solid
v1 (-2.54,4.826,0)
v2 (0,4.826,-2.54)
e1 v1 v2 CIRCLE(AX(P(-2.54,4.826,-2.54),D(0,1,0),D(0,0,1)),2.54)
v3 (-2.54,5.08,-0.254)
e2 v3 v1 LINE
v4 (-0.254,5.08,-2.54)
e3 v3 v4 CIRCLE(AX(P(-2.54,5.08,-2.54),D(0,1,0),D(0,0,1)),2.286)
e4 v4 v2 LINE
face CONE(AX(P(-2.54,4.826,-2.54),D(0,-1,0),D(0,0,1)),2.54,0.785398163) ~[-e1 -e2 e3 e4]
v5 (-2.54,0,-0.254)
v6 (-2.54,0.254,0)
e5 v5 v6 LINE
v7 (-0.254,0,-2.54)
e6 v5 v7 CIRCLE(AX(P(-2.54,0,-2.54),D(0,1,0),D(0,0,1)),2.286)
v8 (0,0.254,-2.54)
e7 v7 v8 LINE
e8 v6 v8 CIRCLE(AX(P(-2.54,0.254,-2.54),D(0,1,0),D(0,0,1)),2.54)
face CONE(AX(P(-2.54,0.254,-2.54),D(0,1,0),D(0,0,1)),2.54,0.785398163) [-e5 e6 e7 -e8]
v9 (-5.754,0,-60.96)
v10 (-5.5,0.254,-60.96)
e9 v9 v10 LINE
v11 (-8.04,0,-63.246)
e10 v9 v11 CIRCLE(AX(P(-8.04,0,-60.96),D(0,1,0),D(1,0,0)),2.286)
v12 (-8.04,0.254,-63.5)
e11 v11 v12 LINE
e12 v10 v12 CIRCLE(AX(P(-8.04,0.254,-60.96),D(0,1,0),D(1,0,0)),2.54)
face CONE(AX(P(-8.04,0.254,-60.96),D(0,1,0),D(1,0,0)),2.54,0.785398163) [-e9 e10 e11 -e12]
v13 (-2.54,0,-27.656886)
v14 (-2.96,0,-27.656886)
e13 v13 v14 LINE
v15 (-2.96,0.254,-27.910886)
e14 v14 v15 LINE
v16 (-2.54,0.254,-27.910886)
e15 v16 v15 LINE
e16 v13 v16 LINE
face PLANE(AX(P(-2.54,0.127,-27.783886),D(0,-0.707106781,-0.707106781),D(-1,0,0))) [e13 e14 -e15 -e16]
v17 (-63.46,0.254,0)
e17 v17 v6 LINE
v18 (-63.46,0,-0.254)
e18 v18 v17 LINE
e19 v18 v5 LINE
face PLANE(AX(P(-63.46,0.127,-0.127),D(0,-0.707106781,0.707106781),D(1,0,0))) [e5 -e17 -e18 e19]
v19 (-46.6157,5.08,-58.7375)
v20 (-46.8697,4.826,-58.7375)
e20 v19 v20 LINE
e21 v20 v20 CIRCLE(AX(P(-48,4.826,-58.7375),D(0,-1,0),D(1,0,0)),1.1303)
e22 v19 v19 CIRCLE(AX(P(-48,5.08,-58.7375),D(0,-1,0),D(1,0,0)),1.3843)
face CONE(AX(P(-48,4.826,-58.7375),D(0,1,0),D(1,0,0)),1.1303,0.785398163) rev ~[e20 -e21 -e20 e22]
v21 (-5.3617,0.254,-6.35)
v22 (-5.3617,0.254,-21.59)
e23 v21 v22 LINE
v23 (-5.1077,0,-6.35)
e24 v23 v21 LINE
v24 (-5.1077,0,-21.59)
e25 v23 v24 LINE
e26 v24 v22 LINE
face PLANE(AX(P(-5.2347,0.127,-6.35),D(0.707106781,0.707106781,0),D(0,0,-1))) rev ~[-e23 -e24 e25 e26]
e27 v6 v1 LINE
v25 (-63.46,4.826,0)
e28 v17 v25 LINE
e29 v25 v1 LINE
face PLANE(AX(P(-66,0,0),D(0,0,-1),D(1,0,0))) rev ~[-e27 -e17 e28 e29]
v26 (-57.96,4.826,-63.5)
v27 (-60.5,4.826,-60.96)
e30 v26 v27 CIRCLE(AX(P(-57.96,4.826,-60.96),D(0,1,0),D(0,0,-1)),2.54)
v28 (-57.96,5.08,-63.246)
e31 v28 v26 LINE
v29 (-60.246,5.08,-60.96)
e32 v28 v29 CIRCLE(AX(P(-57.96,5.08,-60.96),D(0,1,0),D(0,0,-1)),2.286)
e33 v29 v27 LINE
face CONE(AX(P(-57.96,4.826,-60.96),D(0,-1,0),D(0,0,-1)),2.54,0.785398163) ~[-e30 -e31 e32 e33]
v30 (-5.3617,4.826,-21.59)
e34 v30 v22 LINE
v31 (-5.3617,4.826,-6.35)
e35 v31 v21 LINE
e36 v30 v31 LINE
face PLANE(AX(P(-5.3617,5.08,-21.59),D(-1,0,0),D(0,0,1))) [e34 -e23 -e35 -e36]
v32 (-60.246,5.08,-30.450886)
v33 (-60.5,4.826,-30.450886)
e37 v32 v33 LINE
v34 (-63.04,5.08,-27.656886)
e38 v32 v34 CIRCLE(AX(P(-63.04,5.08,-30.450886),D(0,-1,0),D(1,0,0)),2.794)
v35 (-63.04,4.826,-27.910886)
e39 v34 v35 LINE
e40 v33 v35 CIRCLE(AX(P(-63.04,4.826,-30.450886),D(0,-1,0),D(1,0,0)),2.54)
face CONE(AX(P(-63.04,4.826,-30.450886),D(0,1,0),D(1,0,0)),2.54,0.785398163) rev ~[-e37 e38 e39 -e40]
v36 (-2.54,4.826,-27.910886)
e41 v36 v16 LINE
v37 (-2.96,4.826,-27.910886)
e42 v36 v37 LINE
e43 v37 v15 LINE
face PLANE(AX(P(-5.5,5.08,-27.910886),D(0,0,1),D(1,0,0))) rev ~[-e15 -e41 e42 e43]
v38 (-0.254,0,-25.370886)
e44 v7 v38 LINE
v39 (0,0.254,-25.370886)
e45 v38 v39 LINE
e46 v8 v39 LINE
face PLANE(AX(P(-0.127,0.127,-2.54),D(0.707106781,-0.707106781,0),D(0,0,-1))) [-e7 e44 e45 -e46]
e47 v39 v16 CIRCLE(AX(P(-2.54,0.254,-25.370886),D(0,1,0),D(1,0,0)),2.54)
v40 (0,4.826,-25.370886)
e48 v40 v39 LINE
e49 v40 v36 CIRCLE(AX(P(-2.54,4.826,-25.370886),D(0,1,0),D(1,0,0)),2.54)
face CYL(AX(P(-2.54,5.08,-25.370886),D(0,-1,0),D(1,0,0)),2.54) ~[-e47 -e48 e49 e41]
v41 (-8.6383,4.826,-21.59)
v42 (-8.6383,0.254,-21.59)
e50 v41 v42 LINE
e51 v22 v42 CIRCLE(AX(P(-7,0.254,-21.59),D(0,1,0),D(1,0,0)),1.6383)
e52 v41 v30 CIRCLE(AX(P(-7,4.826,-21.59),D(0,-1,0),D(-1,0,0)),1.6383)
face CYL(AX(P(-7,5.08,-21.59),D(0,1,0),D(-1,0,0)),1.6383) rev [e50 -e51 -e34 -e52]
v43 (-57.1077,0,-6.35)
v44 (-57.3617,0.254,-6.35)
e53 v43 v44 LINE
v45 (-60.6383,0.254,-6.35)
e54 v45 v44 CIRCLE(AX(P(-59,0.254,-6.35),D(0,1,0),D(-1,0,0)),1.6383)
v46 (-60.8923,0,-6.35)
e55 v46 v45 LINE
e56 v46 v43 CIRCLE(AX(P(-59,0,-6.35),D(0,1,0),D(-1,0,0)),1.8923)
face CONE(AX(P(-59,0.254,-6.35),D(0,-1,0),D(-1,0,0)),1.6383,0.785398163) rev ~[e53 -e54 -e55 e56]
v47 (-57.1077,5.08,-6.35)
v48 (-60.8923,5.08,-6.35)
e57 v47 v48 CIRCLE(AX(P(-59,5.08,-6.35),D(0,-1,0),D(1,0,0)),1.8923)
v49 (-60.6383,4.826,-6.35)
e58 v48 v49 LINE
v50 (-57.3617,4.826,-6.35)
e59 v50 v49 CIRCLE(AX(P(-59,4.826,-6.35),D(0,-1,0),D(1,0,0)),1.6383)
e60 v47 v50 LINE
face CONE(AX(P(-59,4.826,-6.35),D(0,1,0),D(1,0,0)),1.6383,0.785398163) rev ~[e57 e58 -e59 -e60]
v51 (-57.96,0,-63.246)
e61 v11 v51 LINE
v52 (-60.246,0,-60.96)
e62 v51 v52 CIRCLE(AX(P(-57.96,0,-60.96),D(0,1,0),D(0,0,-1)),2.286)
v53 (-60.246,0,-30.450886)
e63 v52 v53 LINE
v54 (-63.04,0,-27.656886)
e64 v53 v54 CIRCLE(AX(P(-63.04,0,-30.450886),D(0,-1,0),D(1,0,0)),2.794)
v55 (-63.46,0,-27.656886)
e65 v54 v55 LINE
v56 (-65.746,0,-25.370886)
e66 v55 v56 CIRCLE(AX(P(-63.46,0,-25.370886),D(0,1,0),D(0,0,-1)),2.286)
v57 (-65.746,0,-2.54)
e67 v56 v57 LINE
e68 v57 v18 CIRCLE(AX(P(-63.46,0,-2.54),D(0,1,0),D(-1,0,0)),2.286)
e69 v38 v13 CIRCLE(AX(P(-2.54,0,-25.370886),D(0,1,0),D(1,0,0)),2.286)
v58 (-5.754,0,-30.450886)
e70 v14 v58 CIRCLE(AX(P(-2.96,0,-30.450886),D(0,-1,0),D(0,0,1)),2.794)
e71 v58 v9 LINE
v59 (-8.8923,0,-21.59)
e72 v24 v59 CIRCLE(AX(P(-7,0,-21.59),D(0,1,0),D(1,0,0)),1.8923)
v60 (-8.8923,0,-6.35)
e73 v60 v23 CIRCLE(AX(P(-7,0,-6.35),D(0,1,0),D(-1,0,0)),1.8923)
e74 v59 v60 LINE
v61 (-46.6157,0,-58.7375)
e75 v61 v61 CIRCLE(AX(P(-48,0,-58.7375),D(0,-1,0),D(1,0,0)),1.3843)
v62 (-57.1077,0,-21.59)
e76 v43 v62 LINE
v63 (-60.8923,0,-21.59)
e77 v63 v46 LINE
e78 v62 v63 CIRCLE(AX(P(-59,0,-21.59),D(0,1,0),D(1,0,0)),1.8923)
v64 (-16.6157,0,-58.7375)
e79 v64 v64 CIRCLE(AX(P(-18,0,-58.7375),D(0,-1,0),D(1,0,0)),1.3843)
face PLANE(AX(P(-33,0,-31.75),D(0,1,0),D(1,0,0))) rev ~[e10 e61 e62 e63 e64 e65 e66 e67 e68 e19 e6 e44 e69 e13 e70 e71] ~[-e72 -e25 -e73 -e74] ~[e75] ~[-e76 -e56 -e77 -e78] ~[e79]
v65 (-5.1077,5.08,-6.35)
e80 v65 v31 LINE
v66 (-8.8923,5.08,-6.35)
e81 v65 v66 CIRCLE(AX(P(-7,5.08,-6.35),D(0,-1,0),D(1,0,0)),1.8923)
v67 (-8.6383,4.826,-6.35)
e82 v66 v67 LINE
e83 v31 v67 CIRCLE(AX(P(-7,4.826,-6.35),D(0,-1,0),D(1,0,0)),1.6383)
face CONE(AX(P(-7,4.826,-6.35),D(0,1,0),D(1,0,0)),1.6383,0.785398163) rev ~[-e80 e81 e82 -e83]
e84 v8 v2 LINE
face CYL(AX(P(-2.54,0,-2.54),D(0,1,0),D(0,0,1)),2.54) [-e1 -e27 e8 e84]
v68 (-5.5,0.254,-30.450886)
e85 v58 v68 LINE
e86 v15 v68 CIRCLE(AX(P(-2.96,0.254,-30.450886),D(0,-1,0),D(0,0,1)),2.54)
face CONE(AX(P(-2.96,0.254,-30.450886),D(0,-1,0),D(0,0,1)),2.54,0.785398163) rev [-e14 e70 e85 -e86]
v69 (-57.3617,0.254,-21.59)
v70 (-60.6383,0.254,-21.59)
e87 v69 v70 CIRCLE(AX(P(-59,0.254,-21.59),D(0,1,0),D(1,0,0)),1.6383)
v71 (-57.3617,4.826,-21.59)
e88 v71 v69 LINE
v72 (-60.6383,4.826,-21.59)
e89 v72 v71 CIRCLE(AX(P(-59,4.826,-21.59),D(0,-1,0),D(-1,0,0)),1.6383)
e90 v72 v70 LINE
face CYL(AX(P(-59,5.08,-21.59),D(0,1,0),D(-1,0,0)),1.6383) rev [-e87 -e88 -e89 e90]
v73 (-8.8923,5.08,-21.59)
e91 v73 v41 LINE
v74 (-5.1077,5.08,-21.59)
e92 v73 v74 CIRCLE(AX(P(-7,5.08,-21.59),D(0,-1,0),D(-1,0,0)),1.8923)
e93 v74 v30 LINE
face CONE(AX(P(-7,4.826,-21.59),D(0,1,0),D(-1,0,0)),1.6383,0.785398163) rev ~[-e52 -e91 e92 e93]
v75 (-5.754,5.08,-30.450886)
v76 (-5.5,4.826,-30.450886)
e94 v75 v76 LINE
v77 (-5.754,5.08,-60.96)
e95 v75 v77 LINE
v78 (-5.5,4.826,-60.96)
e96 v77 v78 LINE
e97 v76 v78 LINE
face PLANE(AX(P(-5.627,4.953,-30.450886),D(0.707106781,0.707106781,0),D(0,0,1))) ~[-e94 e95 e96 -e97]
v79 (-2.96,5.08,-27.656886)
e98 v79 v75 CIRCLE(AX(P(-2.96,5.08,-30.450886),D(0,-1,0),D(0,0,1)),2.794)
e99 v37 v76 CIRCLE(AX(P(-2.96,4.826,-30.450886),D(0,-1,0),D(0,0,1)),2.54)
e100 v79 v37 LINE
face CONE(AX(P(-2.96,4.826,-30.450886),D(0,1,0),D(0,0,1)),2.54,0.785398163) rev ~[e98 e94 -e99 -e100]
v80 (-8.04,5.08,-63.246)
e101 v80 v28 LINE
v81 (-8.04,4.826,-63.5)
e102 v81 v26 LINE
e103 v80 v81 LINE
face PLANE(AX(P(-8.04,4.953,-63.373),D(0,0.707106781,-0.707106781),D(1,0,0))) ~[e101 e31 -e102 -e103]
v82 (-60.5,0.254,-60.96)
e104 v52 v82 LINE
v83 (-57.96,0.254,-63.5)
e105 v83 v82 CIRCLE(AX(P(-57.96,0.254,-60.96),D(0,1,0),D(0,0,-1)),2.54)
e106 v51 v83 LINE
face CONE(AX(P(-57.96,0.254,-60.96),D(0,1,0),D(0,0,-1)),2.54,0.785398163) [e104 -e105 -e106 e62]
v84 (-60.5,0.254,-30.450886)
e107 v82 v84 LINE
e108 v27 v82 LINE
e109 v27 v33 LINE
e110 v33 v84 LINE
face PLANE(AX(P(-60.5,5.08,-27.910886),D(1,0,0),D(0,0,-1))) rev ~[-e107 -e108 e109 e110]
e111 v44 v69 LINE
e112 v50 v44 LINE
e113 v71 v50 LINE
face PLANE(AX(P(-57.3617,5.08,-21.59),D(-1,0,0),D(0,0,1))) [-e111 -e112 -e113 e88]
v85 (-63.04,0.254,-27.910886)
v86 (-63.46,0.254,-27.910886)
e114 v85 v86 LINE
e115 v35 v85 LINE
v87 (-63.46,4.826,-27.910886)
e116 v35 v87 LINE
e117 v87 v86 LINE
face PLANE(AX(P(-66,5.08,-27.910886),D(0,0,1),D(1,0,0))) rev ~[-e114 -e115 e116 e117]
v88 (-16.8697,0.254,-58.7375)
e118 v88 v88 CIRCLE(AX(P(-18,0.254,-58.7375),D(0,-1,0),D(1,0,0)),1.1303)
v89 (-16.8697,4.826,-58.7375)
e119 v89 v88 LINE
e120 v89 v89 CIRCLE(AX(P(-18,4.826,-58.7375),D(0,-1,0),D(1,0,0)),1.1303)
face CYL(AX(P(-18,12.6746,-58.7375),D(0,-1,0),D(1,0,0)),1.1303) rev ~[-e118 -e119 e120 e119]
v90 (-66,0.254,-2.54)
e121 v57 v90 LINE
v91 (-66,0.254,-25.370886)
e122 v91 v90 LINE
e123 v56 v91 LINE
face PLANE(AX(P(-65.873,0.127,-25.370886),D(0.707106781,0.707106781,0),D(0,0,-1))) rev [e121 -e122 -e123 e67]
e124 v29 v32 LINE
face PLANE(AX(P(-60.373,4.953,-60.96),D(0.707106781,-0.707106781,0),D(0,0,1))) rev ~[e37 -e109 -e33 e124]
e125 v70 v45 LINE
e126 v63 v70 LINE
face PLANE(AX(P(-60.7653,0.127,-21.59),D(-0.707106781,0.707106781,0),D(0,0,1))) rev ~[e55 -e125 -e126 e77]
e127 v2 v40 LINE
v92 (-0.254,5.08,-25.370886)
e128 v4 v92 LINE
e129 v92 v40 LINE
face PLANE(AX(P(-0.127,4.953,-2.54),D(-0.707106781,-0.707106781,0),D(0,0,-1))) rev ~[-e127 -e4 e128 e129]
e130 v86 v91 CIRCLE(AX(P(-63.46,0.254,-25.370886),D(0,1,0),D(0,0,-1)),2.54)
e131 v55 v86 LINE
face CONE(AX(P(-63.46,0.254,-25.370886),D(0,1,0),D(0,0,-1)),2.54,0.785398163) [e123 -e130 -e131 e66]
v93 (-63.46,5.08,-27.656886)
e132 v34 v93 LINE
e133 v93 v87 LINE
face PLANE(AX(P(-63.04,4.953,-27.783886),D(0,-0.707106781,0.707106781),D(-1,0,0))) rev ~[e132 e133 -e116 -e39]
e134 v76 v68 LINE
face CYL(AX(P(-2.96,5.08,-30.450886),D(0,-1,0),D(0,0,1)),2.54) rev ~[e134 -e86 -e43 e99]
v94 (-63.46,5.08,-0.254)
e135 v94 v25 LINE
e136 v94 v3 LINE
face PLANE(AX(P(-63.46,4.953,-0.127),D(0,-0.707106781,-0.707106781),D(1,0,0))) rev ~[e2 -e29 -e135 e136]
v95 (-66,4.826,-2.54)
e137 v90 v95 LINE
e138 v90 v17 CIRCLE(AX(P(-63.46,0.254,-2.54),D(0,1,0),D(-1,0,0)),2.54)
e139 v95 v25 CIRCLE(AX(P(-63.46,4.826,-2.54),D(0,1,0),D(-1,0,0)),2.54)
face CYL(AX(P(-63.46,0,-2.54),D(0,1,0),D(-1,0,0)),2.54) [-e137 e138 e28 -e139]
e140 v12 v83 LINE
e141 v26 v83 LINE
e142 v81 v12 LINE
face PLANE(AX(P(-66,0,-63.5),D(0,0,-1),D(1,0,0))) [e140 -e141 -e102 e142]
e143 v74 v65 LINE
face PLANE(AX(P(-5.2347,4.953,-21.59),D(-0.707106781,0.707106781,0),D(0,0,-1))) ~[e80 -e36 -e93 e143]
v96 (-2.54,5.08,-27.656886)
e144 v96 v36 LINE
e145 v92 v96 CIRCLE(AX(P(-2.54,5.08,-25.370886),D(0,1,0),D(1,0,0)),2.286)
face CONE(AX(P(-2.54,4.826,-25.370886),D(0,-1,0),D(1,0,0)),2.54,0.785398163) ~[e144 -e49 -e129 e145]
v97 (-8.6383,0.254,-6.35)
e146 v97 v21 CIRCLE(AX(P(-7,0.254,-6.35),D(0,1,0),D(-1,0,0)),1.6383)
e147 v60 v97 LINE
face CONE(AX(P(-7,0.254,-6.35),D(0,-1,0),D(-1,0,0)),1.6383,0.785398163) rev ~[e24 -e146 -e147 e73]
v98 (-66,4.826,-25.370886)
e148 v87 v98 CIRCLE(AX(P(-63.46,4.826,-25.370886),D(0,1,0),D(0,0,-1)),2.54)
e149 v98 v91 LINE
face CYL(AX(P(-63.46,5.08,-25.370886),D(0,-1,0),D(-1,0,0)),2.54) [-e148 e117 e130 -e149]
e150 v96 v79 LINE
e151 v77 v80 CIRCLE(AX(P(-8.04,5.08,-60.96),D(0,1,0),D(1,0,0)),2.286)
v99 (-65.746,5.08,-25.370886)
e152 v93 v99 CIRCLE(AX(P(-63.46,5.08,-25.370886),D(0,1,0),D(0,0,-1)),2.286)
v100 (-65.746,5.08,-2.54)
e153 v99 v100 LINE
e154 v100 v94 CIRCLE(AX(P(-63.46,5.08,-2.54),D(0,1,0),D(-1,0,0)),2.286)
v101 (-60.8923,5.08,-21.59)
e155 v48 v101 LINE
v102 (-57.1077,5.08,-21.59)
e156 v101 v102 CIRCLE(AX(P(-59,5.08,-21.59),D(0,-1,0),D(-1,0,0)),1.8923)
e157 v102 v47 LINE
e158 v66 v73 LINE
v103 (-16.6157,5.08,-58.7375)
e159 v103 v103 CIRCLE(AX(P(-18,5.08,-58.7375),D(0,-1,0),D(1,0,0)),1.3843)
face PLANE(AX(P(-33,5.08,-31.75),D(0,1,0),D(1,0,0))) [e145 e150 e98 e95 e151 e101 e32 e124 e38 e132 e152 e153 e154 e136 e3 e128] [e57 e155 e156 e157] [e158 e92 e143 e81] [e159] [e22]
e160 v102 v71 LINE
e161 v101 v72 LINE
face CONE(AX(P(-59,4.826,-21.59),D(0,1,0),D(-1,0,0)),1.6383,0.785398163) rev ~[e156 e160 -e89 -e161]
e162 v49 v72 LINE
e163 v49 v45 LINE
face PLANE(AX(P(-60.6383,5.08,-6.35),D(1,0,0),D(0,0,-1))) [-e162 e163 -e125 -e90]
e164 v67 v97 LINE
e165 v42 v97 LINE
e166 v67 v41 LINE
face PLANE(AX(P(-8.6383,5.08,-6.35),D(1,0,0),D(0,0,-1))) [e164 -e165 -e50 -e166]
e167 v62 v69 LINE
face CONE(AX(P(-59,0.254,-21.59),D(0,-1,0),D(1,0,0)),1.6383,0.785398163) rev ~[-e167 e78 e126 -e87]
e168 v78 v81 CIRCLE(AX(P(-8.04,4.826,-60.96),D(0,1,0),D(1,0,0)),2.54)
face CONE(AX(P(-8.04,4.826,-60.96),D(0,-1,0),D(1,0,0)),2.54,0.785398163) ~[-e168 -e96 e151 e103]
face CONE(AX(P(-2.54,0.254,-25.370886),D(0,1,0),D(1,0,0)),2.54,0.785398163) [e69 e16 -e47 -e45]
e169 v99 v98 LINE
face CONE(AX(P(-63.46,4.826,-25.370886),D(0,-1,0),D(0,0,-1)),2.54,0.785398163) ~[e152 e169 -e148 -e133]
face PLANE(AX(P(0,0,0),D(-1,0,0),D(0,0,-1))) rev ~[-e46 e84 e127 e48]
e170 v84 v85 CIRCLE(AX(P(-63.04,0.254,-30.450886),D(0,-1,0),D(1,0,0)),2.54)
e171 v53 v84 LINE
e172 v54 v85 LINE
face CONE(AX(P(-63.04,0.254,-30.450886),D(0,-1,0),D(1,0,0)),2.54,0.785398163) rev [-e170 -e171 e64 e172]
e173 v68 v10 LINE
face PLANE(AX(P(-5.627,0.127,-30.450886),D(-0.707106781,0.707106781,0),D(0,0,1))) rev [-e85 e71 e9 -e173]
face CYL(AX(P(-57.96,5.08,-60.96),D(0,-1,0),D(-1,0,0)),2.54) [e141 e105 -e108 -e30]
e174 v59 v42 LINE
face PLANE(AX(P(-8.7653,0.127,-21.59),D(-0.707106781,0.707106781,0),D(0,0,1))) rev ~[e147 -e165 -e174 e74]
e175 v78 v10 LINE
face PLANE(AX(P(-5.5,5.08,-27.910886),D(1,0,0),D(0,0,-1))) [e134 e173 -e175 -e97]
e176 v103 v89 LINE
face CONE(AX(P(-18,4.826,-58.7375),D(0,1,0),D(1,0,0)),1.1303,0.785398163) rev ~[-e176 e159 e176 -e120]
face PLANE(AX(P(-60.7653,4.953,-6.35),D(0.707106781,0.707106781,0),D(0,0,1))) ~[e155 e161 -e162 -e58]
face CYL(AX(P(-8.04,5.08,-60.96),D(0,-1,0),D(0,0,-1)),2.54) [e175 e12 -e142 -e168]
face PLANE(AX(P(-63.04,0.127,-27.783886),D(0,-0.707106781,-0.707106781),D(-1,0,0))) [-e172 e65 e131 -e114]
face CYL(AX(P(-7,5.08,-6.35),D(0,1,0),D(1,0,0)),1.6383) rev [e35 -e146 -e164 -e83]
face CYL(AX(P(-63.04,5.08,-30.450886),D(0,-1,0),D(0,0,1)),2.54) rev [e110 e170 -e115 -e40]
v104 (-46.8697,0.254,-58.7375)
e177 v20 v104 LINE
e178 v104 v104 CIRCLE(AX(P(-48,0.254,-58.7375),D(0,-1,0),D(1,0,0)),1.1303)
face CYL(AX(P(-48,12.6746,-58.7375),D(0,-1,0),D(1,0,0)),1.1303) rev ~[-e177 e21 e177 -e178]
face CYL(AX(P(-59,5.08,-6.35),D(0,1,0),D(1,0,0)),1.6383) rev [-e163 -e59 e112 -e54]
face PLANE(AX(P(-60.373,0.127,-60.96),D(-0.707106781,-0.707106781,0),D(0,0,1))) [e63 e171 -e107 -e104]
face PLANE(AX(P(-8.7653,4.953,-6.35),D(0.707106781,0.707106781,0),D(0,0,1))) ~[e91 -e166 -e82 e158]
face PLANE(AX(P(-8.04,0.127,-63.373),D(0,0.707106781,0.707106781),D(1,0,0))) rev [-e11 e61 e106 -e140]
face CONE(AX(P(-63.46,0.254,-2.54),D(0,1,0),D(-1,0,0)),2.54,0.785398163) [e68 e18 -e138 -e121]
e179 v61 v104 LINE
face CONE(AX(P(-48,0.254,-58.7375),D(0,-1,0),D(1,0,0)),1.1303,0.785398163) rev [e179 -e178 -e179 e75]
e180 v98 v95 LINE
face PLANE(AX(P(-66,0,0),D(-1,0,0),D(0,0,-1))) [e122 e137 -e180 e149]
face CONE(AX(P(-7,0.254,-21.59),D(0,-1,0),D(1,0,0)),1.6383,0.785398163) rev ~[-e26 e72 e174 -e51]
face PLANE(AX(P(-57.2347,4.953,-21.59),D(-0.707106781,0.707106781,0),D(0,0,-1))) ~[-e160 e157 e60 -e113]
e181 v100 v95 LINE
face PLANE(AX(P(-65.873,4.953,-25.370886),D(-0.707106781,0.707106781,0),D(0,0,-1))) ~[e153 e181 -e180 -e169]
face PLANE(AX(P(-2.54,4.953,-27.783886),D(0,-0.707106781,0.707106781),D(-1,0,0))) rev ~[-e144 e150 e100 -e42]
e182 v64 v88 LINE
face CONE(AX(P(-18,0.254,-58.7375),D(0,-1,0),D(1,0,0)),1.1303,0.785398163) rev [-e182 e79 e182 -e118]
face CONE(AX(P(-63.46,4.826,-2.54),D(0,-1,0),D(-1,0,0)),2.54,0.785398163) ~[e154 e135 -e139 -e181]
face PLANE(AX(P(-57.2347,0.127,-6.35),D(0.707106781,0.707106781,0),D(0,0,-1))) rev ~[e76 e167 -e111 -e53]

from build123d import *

# Parameters (mm, degrees)
SKETCH1_W                 = 66
SKETCH1_H                 = 63.5
BOSS_EXTRUDE1_DEPTH       = 5.08
SKETCH6_W                 = 5.5
SKETCH6_H                 = 35.589114281
CUT_EXTRUDE1_DEPTH        = 5.08
F_4_40_TAPPED_HOLE1_D     = 2.2606
F_4_40_TAPPED_HOLE1_DEPTH = 7.5946
F_4_40_TAPPED_HOLE1_TIP   = 0.679152758
FILLET1_R                 = 2.54
FILLET2_R                 = 2.54
CUT_EXTRUDE2_DEPTH        = 6.08
CHAMFER1_SIZE             = 0.254


with BuildPart() as part:
    # Sketch1 → Boss-Extrude1 (new body)
    with BuildSketch(Plane(origin=(0, 0, 0), x_dir=(1, 0, 0), z_dir=(0, 1, 0))):
        with Locations((-33, 31.75)):
            Rectangle(SKETCH1_W, SKETCH1_H)
    extrude(amount=BOSS_EXTRUDE1_DEPTH)

    # Sketch6 → Cut-Extrude1 (cut)
    with BuildSketch(Plane(origin=(0, 5.08, 0), x_dir=(1, 0, 0), z_dir=(0, 1, 0))):
        with Locations((-63.25, 45.70544286)):
            Rectangle(SKETCH6_W, SKETCH6_H)
        with Locations((-2.75, 45.70544286)):
            Rectangle(SKETCH6_W, SKETCH6_H)
    extrude(amount=-CUT_EXTRUDE1_DEPTH, mode=Mode.SUBTRACT)

    # #4-40 Tapped Hole1
    with Locations(Plane(origin=(0, 5.08, 0), x_dir=(-1, 0, 0), z_dir=(0, 1, 0))):
        with Locations((48, -58.7375), (18, -58.7375)):
            Hole(F_4_40_TAPPED_HOLE1_D / 2, depth=F_4_40_TAPPED_HOLE1_DEPTH)
            with Locations((0, 0, -(F_4_40_TAPPED_HOLE1_DEPTH + F_4_40_TAPPED_HOLE1_TIP / 2))):  # 118° drill point
                Cone(0, F_4_40_TAPPED_HOLE1_D / 2, F_4_40_TAPPED_HOLE1_TIP, mode=Mode.SUBTRACT)

    # Fillet1
    fillet1_edges = [part.edges().sort_by_distance(p)[0] for p in [
        (-60.5, 2.54, -63.5),
        (-60.5, 2.54, -27.910885719),
        (-5.5, 2.54, -27.910885719),
        (-5.5, 2.54, -63.5),
        (0, 2.54, 0),
        (-66, 2.54, 0),
    ]]
    fillet(fillet1_edges, radius=FILLET1_R)

    # Fillet2
    fillet2_edges = [part.edges().sort_by_distance(p)[0] for p in [
        (-66, 2.54, -27.910885719),
        (0, 2.54, -27.910885719),
    ]]
    fillet(fillet2_edges, radius=FILLET2_R)

    # Sketch9 → Cut-Extrude2 (cut, through all)
    with BuildSketch(Plane(origin=(0, 5.08, 0), x_dir=(1, 0, 0), z_dir=(0, 1, 0))):
        with BuildLine():
            Line((-60.6383, 6.35), (-60.6383, 21.59))
            ThreePointArc((-60.6383, 21.59), (-59, 23.2283), (-57.3617, 21.59))
            Line((-57.3617, 21.59), (-57.3617, 6.35))
            ThreePointArc((-57.3617, 6.35), (-59, 4.7117), (-60.6383, 6.35))
        make_face()
        with BuildLine():
            Line((-8.6383, 6.35), (-8.6383, 21.59))
            ThreePointArc((-8.6383, 21.59), (-7, 23.2283), (-5.3617, 21.59))
            Line((-5.3617, 21.59), (-5.3617, 6.35))
            ThreePointArc((-5.3617, 6.35), (-7, 4.7117), (-8.6383, 6.35))
        make_face()
    extrude(amount=-CUT_EXTRUDE2_DEPTH, mode=Mode.SUBTRACT)

    # Chamfer1
    chamfer1_edges = [part.edges().sort_by_distance(p)[0] for p in [
        (-59, 0, -4.7117),
        (-60.6383, 0, -13.97),
        (-59, 0, -23.2283),
        (-57.3617, 0, -13.97),
        (-59, 5.08, -4.7117),
        (-57.3617, 5.08, -13.97),
        (-59, 5.08, -23.2283),
        (-60.6383, 5.08, -13.97),
        (-7, 0, -4.7117),
        (-8.6383, 0, -13.97),
        (-7, 0, -23.2283),
        (-5.3617, 0, -13.97),
        (-7, 5.08, -4.7117),
        (-5.3617, 5.08, -13.97),
        (-7, 5.08, -23.2283),
        (-8.6383, 5.08, -13.97),
        (-19.1303, 0, -58.7375),
        (-19.1303, 5.08, -58.7375),
        (-49.1303, 0, -58.7375),
        (-49.1303, 5.08, -58.7375),
        (-33, 0, 0),
        (-33, 5.08, 0),
        (-5.5, 0, -45.705442859),
        (-2.75, 0, -27.910885719),
        (0, 0, -13.955442859),
        (-60.5, 0, -45.705442859),
        (-33, 0, -63.5),
        (-59.756051224, 0, -62.756051224),
        (-6.243948776, 0, -62.756051224),
        (-0.743948776, 0, -0.743948776),
        (-65.256051224, 0, -0.743948776),
        (-2.75, 5.08, -27.910885719),
        (-5.5, 5.08, -45.705442859),
        (-33, 5.08, -63.5),
        (-60.5, 5.08, -45.705442859),
        (0, 5.08, -13.955442859),
        (-59.756051224, 5.08, -62.756051224),
        (-6.243948776, 5.08, -62.756051224),
        (-0.743948776, 5.08, -0.743948776),
        (-65.256051224, 5.08, -0.743948776),
        (-4.756051224, 5.08, -28.654834495),
        (-4.756051224, 0, -28.654834495),
        (-61.243948776, 5.08, -28.654834495),
        (-61.243948776, 0, -28.654834495),
        (-63.25, 5.08, -27.910885719),
        (-63.25, 0, -27.910885719),
        (-66, 5.08, -13.955442859),
        (-0.743948776, 5.08, -27.166936943),
        (-65.256051224, 5.08, -27.166936943),
        (-66, 0, -13.955442859),
        (-0.743948776, 0, -27.166936943),
        (-65.256051224, 0, -27.166936943),
    ]]
    chamfer(chamfer1_edges, length=CHAMFER1_SIZE)


solid = part.part
